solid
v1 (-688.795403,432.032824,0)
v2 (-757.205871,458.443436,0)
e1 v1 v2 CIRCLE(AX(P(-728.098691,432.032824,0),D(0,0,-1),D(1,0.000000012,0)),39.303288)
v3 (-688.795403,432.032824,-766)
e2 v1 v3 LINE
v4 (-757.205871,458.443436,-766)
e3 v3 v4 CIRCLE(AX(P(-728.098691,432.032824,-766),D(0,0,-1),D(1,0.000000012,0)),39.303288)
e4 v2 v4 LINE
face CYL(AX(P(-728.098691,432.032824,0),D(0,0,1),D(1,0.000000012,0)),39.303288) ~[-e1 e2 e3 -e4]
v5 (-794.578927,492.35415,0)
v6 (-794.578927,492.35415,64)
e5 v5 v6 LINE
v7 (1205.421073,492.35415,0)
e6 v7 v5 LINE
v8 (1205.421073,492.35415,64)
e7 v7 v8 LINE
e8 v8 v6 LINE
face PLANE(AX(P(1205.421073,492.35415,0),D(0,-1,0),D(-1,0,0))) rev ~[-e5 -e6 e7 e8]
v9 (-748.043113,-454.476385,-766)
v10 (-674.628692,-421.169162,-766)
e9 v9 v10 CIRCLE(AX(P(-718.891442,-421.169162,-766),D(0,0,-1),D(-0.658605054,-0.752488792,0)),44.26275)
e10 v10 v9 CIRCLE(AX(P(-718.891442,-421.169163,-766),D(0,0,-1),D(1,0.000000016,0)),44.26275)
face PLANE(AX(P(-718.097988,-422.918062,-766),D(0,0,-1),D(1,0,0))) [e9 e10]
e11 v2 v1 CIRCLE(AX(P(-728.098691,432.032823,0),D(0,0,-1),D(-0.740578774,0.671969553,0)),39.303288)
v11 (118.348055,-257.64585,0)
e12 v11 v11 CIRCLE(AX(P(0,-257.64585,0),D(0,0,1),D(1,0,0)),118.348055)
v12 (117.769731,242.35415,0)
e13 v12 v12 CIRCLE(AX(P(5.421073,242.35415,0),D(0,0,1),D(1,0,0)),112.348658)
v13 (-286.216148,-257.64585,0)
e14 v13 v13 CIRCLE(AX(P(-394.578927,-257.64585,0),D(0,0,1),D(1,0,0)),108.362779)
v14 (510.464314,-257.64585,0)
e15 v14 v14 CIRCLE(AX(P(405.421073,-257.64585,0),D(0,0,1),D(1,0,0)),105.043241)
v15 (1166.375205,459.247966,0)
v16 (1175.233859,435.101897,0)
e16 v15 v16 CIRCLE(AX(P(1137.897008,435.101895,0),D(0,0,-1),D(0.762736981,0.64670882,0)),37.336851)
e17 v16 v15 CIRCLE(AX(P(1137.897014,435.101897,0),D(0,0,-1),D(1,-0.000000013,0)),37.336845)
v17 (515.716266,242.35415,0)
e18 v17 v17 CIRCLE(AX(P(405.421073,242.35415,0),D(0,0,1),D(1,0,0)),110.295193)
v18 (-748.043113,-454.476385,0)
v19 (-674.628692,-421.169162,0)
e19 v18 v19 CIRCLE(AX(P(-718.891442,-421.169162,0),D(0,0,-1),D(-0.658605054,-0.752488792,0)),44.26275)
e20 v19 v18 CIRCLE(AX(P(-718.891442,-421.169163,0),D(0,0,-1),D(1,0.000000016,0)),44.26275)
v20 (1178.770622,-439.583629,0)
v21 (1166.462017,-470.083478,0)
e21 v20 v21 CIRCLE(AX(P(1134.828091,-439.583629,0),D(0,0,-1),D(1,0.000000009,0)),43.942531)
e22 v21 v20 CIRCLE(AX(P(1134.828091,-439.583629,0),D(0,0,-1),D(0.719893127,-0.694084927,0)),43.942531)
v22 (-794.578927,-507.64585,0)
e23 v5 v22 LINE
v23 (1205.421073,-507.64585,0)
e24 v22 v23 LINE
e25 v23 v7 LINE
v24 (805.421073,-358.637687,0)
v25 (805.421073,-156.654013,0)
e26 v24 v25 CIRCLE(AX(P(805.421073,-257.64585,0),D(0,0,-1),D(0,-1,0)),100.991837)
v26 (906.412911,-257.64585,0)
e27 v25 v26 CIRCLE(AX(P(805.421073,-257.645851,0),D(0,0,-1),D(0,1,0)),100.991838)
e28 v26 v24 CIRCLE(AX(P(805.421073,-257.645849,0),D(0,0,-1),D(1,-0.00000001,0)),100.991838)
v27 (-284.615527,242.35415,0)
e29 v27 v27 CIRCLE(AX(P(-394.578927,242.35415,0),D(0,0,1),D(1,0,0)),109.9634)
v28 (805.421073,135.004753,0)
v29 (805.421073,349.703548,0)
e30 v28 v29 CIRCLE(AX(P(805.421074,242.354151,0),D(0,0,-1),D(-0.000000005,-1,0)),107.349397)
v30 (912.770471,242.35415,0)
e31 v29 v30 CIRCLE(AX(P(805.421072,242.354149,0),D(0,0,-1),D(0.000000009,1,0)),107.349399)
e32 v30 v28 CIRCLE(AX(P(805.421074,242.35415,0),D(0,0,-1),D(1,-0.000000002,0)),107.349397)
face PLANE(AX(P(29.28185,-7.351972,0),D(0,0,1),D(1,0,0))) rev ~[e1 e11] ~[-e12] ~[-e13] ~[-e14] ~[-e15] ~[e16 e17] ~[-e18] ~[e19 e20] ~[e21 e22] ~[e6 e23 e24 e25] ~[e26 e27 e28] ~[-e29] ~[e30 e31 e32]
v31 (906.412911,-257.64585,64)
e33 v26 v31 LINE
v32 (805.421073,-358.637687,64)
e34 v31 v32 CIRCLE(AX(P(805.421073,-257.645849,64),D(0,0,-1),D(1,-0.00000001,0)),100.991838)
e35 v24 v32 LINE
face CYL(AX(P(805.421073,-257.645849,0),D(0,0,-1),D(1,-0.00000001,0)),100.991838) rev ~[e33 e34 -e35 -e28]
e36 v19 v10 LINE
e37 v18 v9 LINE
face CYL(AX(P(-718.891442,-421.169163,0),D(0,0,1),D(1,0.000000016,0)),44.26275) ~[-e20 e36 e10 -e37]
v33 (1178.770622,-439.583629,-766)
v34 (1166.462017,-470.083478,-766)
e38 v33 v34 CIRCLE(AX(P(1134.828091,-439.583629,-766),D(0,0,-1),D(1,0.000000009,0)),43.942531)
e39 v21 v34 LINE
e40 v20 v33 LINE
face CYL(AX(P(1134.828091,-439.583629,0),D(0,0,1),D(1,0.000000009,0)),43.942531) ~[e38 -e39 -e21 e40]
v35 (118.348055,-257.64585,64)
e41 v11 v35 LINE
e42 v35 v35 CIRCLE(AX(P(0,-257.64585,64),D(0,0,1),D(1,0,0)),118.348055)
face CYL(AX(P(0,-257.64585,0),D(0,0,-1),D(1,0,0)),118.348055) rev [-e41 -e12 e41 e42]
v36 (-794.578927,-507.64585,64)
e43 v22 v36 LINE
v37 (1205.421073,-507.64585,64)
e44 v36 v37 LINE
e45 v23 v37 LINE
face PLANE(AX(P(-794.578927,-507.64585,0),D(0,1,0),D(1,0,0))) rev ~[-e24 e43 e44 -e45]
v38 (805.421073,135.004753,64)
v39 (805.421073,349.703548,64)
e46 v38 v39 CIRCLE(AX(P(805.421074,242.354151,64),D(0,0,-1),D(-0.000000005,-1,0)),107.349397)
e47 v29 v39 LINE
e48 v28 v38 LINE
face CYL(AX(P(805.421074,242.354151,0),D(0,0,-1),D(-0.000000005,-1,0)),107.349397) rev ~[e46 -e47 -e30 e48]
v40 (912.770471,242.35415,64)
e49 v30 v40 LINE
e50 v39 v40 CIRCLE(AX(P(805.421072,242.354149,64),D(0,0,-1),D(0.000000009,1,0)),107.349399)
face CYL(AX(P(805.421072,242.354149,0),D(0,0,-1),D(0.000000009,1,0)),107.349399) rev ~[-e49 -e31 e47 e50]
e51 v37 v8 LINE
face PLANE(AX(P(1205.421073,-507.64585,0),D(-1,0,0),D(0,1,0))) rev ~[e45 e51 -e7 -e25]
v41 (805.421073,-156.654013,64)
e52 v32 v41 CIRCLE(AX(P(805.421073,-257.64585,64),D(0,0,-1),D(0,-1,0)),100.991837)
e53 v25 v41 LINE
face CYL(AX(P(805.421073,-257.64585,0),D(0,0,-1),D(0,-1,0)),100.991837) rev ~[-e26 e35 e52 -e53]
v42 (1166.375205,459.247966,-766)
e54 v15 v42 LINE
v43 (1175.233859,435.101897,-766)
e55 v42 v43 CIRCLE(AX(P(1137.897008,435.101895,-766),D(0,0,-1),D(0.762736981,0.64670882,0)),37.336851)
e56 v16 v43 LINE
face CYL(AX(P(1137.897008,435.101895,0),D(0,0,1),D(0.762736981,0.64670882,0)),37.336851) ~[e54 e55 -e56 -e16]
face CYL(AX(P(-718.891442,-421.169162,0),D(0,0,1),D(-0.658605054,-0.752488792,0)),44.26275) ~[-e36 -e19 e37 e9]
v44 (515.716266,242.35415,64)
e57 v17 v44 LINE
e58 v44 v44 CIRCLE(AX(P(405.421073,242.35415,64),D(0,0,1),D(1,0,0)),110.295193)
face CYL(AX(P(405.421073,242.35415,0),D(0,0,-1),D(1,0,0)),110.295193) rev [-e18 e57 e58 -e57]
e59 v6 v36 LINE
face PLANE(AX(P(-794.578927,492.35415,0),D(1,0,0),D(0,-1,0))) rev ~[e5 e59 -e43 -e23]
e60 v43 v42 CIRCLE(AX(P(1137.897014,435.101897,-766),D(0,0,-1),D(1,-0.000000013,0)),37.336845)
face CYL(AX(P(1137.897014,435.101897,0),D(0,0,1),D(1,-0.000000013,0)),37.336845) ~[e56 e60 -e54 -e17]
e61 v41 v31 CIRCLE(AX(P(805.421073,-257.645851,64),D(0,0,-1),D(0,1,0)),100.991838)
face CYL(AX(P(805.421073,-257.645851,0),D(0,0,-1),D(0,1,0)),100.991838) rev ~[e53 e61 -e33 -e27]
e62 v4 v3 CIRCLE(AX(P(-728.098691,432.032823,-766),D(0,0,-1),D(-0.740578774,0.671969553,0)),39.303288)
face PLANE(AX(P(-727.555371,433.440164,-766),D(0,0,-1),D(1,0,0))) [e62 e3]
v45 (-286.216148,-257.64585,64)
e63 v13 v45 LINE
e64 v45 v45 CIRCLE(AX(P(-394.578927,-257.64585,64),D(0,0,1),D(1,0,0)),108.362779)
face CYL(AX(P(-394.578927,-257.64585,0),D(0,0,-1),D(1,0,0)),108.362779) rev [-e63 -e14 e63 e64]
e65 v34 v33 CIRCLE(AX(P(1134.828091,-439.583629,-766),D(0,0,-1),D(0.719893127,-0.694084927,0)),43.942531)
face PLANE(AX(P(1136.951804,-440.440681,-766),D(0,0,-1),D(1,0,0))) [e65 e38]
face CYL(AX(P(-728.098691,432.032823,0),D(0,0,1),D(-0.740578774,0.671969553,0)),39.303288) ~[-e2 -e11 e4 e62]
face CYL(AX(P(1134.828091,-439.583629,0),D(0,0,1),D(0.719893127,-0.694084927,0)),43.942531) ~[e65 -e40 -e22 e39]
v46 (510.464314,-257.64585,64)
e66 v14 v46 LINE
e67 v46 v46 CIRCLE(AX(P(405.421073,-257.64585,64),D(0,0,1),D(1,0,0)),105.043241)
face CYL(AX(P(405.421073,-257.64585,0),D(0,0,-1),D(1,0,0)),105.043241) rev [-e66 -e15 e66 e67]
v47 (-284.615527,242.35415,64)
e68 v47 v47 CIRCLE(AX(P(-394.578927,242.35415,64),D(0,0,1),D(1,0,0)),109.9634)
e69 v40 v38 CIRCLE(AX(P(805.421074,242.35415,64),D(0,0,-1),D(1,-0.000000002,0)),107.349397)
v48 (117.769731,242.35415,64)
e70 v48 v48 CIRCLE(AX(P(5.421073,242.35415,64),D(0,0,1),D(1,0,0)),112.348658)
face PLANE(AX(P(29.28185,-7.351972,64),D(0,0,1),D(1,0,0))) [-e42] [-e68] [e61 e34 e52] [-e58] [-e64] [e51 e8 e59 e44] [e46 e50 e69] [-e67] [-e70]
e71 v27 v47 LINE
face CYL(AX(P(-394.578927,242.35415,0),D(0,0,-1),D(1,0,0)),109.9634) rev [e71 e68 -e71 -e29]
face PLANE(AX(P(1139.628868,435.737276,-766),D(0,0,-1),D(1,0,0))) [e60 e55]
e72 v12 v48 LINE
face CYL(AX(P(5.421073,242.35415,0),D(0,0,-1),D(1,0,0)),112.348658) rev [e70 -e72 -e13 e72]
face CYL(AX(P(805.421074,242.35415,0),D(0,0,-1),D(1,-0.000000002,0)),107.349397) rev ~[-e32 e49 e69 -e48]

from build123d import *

# Parameters (mm, degrees)
F0_R     = 108.362779
F0_R_2   = 118.348055
F0_R_3   = 105.043241
F0_R_4   = 109.9634
F0_R_5   = 112.348658
F0_R_6   = 110.295193
F1_DEPTH = 64
F3_DEPTH = 766


with BuildPart() as f1:
    # F0 (on Top) → F1 (new body)
    with BuildSketch(Plane.XY):
        with BuildLine():
            Line((805.421073, 492.35415), (-794.578927, 492.35415))
            Line((-794.578927, 492.35415), (-794.578927, -507.64585))
            Line((-794.578927, -507.64585), (805.421073, -507.64585))
            Line((805.421073, -507.64585), (805.421073, -358.637687))
            ThreePointArc((805.421073, -358.637687), (704.429236, -257.64585), (805.421073, -156.654013))
            Line((805.421073, -156.654013), (805.421073, 135.004753))
            ThreePointArc((805.421073, 135.004753), (698.071676, 242.35415), (805.421073, 349.703548))
            Line((805.421073, 349.703548), (805.421073, 492.35415))
        make_face()
        with Locations((-394.578927, -257.64585)):
            Circle(F0_R, mode=Mode.SUBTRACT)
        with Locations((0, -257.64585)):
            Circle(F0_R_2, mode=Mode.SUBTRACT)
        with Locations((405.421073, -257.64585)):
            Circle(F0_R_3, mode=Mode.SUBTRACT)
        with Locations((-394.578927, 242.35415)):
            Circle(F0_R_4, mode=Mode.SUBTRACT)
        with Locations((5.421073, 242.35415)):
            Circle(F0_R_5, mode=Mode.SUBTRACT)
        with Locations((405.421073, 242.35415)):
            Circle(F0_R_6, mode=Mode.SUBTRACT)
        with BuildLine():
            Line((1205.421073, 492.35415), (805.421073, 492.35415))
            Line((805.421073, 492.35415), (805.421073, 349.703548))
            ThreePointArc((805.421073, 349.703548), (881.32856, 318.261637), (912.770471, 242.35415))
            ThreePointArc((912.770471, 242.35415), (881.32856, 166.446663), (805.421073, 135.004753))
            Line((805.421073, 135.004753), (805.421073, -156.654013))
            ThreePointArc((805.421073, -156.654013), (876.833086, -186.233837), (906.412911, -257.64585))
            ThreePointArc((906.412911, -257.64585), (876.833086, -329.057863), (805.421073, -358.637687))
            Line((805.421073, -358.637687), (805.421073, -507.64585))
            Line((805.421073, -507.64585), (1205.421073, -507.64585))
            Line((1205.421073, -507.64585), (1205.421073, 492.35415))
        make_face()
    extrude(amount=F1_DEPTH)

    # F2 (on face) → F3 (join)
    with BuildSketch(Plane(origin=(0, 0, 0), x_dir=(1, 0, 0), z_dir=(0, 0, -1))):
        with BuildLine():
            ThreePointArc((1178.770622, 439.583629), (1175.577452, 456.028556), (1166.462017, 470.083478))
            ThreePointArc((1166.462017, 470.083478), (1094.07873, 423.138702), (1178.770622, 439.583629))
        make_face()
        with BuildLine():
            ThreePointArc((1175.233859, -435.101897), (1102.844727, -422.241994), (1166.375205, -459.247966))
            ThreePointArc((1166.375205, -459.247966), (1172.949302, -447.961799), (1175.233859, -435.101897))
        make_face()
        with BuildLine():
            ThreePointArc((-674.628692, 421.169162), (-700.604043, 461.4775), (-748.043113, 454.476385))
            ThreePointArc((-748.043113, 454.476385), (-737.178841, 380.860824), (-674.628692, 421.169162))
        make_face()
        with BuildLine():
            ThreePointArc((-688.795403, -432.032824), (-742.253911, -395.367061), (-757.205871, -458.443436))
            ThreePointArc((-757.205871, -458.443436), (-713.94347, -468.698586), (-688.795403, -432.032824))
        make_face()
    extrude(amount=F3_DEPTH)


solid = f1.part
